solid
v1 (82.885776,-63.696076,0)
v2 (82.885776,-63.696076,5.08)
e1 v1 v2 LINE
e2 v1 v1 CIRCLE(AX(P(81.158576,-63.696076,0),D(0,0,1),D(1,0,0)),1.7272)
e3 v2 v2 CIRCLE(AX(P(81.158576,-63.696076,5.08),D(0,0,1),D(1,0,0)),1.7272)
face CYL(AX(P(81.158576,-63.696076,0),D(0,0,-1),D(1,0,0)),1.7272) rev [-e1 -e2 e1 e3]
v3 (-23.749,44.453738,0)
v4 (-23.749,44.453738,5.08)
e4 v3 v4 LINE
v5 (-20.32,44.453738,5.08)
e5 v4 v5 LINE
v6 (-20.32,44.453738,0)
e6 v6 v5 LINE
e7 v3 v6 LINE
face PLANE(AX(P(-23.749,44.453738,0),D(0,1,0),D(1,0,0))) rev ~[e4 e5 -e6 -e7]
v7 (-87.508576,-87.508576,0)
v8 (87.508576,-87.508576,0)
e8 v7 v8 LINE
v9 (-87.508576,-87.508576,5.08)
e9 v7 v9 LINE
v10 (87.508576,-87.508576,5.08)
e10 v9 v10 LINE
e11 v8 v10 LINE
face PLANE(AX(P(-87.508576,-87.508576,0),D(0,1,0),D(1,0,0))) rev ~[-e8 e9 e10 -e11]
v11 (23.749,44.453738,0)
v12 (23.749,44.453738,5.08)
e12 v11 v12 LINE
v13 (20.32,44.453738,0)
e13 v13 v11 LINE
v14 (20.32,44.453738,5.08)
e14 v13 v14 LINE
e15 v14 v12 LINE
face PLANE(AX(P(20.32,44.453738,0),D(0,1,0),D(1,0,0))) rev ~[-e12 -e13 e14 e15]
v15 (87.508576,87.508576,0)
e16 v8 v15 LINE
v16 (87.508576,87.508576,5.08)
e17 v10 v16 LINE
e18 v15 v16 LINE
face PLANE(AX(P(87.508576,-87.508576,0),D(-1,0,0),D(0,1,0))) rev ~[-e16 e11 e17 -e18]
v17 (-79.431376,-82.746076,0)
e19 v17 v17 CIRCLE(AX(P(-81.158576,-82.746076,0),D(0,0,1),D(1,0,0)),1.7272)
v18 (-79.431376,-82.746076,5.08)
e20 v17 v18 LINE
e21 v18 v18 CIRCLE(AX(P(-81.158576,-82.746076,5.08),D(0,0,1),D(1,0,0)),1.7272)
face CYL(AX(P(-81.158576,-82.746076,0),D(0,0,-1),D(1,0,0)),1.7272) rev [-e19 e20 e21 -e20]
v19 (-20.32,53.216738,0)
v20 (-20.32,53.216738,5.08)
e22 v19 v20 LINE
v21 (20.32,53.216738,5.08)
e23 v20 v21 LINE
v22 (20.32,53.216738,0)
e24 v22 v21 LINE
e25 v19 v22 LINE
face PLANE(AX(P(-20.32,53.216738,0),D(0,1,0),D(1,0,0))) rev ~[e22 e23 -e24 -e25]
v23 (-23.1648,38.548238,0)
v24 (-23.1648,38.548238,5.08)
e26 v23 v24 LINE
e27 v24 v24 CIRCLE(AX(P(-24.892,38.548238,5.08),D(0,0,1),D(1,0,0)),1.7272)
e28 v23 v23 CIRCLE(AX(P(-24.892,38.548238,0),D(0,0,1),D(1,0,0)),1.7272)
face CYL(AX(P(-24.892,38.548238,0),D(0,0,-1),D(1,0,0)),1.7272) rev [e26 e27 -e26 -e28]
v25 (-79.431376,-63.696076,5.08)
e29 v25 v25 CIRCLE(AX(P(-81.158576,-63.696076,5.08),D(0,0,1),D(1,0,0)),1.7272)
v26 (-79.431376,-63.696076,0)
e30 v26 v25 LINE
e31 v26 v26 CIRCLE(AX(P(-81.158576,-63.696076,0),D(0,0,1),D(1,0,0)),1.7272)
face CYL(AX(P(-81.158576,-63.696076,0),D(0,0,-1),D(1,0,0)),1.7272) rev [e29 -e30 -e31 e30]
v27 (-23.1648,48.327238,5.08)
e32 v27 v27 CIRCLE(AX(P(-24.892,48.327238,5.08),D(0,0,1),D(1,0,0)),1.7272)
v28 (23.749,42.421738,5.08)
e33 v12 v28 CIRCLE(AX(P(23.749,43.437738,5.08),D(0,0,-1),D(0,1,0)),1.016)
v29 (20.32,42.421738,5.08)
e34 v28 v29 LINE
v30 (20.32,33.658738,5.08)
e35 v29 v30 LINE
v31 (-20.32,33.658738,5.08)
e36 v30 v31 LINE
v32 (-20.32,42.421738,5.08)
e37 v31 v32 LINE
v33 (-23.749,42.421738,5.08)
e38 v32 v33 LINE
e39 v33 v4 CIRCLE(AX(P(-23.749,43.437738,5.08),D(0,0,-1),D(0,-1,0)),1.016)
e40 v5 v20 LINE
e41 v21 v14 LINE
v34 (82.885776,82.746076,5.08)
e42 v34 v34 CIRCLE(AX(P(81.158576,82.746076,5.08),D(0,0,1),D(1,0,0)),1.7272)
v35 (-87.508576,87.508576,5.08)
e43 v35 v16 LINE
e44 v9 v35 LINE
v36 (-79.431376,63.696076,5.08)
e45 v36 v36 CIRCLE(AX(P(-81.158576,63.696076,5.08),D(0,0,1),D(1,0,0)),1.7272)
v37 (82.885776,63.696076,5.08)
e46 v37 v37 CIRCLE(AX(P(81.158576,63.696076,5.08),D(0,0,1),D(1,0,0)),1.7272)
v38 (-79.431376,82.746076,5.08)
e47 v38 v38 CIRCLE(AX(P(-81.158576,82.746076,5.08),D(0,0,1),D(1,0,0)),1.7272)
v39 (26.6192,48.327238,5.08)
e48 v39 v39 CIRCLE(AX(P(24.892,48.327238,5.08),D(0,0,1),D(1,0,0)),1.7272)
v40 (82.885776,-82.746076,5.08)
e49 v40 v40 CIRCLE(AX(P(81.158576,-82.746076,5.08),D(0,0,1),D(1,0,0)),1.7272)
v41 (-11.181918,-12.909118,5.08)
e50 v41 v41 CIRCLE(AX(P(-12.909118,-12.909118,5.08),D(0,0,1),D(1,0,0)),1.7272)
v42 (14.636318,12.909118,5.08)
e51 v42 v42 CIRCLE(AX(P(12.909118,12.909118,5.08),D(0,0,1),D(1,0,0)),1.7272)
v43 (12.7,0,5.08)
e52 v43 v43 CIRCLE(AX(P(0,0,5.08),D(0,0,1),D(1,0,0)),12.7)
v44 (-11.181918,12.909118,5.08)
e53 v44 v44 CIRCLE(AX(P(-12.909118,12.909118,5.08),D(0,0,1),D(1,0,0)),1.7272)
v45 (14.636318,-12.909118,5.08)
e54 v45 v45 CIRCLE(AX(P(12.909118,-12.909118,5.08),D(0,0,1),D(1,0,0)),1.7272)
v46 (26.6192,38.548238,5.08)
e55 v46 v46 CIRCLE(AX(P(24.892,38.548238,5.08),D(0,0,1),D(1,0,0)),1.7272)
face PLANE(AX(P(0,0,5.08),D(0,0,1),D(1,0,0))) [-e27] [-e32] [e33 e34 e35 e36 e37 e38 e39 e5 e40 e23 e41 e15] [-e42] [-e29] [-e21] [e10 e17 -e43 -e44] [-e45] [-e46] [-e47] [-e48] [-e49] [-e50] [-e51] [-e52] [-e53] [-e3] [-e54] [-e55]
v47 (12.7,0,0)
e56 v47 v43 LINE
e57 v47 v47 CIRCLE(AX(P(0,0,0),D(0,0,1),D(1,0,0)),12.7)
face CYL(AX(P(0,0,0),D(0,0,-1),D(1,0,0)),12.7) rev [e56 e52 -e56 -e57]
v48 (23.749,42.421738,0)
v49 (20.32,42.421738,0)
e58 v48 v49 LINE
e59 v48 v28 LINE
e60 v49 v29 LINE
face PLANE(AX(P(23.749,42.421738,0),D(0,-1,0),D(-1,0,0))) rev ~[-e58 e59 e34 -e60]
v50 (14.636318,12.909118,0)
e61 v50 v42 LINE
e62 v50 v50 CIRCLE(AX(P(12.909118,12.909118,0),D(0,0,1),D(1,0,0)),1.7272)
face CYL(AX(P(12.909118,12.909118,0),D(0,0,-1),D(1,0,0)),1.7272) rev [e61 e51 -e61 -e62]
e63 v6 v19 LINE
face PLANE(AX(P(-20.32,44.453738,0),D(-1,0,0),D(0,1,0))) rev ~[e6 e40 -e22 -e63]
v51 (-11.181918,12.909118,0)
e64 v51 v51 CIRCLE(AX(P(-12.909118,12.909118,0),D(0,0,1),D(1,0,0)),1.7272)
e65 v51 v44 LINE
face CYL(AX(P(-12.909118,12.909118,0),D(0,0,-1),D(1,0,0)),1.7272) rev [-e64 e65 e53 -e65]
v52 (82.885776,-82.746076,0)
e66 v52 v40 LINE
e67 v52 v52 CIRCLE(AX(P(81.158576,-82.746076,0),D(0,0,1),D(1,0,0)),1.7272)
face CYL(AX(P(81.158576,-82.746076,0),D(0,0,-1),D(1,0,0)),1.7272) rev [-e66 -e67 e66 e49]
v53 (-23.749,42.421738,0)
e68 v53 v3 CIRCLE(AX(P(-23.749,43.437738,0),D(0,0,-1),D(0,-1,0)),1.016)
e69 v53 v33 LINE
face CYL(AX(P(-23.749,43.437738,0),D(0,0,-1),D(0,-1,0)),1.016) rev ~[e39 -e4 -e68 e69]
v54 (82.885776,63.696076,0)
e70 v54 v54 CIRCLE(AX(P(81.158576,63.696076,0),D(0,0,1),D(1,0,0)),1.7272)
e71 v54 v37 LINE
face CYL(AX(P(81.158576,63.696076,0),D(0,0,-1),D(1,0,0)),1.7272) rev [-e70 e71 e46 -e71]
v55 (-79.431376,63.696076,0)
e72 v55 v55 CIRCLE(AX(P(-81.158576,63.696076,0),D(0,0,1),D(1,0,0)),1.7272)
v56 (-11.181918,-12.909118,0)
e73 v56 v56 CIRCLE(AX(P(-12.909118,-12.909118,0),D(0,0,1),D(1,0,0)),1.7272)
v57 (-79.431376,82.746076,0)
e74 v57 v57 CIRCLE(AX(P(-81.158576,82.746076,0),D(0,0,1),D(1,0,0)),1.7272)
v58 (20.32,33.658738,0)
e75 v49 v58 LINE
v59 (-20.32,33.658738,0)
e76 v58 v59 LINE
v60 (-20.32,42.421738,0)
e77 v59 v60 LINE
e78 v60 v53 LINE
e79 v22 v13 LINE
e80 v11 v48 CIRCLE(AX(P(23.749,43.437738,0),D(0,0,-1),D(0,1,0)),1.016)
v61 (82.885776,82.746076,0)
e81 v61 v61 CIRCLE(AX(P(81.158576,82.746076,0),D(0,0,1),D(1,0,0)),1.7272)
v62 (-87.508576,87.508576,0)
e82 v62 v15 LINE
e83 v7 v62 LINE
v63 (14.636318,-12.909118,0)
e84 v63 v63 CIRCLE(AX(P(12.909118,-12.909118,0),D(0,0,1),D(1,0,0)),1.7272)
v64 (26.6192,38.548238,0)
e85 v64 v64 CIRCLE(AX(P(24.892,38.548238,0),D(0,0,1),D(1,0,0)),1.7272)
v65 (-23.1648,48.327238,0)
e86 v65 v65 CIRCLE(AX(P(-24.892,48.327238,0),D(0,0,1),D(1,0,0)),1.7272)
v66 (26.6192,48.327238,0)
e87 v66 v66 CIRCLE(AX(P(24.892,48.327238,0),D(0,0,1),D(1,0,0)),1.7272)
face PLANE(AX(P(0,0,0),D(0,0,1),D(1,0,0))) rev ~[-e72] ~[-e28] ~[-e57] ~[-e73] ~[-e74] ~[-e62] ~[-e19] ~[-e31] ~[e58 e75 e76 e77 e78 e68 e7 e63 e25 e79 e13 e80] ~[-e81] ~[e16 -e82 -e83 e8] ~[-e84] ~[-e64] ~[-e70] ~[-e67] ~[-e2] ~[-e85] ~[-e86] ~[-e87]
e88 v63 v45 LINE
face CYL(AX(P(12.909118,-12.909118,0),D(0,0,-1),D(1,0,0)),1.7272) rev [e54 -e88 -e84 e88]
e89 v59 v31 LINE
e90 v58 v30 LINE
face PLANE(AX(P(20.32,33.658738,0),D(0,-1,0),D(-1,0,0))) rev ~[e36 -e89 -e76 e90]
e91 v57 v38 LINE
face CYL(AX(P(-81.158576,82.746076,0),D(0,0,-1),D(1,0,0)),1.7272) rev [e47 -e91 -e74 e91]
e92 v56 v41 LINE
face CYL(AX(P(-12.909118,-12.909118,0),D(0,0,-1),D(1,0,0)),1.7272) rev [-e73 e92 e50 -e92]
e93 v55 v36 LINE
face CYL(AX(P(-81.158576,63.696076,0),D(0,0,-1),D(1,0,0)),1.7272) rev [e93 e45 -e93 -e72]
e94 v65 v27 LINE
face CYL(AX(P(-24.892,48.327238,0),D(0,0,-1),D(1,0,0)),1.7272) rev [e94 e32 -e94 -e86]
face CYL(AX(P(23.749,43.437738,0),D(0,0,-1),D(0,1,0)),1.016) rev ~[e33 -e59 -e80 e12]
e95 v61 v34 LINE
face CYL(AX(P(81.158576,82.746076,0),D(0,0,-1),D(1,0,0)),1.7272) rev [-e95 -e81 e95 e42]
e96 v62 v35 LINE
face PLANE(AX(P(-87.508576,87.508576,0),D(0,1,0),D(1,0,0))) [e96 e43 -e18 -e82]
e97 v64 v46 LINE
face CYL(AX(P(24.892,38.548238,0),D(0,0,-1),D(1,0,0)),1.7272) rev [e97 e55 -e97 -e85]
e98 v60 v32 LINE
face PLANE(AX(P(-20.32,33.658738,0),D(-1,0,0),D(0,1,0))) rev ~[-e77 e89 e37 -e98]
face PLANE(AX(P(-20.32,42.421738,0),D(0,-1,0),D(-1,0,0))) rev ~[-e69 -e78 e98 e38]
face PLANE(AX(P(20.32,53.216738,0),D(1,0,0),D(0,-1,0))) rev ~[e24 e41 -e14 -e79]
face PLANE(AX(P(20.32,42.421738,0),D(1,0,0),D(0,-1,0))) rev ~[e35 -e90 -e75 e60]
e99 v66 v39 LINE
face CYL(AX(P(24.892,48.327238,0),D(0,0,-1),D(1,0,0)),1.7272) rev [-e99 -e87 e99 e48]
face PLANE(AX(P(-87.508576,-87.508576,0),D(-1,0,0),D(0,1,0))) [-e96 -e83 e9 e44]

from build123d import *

# Parameters (mm, degrees)
F0_W     = 175.017152
F0_H     = 175.017152
F0_R     = 1.7272
F0_R_2   = 12.7
F1_DEPTH = 5.08


with BuildPart() as f1:
    # F0 (on Top) → F1 (new body)
    with BuildSketch(Plane.XY):
        Rectangle(F0_W, F0_H)
        with Locations((-81.158576, -82.746076)):
            Circle(F0_R, mode=Mode.SUBTRACT)
        with Locations((-81.158576, -63.696076)):
            Circle(F0_R, mode=Mode.SUBTRACT)
        with Locations((-12.909118, -12.909118)):
            Circle(F0_R, mode=Mode.SUBTRACT)
        with Locations((81.158576, -82.746076)):
            Circle(F0_R, mode=Mode.SUBTRACT)
        with Locations((81.158576, -63.696076)):
            Circle(F0_R, mode=Mode.SUBTRACT)
        with Locations((12.909118, -12.909118)):
            Circle(F0_R, mode=Mode.SUBTRACT)
        with Locations((-12.909118, 12.909118)):
            Circle(F0_R, mode=Mode.SUBTRACT)
        with Locations((-24.892, 38.548238)):
            Circle(F0_R, mode=Mode.SUBTRACT)
        with Locations((-81.158576, 63.696076)):
            Circle(F0_R, mode=Mode.SUBTRACT)
        with Locations((-81.158576, 82.746076)):
            Circle(F0_R, mode=Mode.SUBTRACT)
        with Locations((-24.892, 48.327238)):
            Circle(F0_R, mode=Mode.SUBTRACT)
        Circle(F0_R_2, mode=Mode.SUBTRACT)
        with Locations((12.909118, 12.909118)):
            Circle(F0_R, mode=Mode.SUBTRACT)
        with BuildLine():
            Line((-20.32, 44.453738), (-20.32, 53.216738))
            Line((-20.32, 53.216738), (20.32, 53.216738))
            Line((20.32, 53.216738), (20.32, 44.453738))
            Line((20.32, 44.453738), (23.749, 44.453738))
            ThreePointArc((23.749, 44.453738), (24.765, 43.437738), (23.749, 42.421738))
            Line((23.749, 42.421738), (20.32, 42.421738))
            Line((20.32, 42.421738), (20.32, 33.658738))
            Line((20.32, 33.658738), (-20.32, 33.658738))
            Line((-20.32, 33.658738), (-20.32, 42.421738))
            Line((-20.32, 42.421738), (-23.749, 42.421738))
            ThreePointArc((-23.749, 42.421738), (-24.765, 43.437738), (-23.749, 44.453738))
            Line((-23.749, 44.453738), (-20.32, 44.453738))
        make_face(mode=Mode.SUBTRACT)
        with Locations((24.892, 38.548238)):
            Circle(F0_R, mode=Mode.SUBTRACT)
        with Locations((24.892, 48.327238)):
            Circle(F0_R, mode=Mode.SUBTRACT)
        with Locations((81.158576, 63.696076)):
            Circle(F0_R, mode=Mode.SUBTRACT)
        with Locations((81.158576, 82.746076)):
            Circle(F0_R, mode=Mode.SUBTRACT)
    extrude(amount=F1_DEPTH)


solid = f1.part
